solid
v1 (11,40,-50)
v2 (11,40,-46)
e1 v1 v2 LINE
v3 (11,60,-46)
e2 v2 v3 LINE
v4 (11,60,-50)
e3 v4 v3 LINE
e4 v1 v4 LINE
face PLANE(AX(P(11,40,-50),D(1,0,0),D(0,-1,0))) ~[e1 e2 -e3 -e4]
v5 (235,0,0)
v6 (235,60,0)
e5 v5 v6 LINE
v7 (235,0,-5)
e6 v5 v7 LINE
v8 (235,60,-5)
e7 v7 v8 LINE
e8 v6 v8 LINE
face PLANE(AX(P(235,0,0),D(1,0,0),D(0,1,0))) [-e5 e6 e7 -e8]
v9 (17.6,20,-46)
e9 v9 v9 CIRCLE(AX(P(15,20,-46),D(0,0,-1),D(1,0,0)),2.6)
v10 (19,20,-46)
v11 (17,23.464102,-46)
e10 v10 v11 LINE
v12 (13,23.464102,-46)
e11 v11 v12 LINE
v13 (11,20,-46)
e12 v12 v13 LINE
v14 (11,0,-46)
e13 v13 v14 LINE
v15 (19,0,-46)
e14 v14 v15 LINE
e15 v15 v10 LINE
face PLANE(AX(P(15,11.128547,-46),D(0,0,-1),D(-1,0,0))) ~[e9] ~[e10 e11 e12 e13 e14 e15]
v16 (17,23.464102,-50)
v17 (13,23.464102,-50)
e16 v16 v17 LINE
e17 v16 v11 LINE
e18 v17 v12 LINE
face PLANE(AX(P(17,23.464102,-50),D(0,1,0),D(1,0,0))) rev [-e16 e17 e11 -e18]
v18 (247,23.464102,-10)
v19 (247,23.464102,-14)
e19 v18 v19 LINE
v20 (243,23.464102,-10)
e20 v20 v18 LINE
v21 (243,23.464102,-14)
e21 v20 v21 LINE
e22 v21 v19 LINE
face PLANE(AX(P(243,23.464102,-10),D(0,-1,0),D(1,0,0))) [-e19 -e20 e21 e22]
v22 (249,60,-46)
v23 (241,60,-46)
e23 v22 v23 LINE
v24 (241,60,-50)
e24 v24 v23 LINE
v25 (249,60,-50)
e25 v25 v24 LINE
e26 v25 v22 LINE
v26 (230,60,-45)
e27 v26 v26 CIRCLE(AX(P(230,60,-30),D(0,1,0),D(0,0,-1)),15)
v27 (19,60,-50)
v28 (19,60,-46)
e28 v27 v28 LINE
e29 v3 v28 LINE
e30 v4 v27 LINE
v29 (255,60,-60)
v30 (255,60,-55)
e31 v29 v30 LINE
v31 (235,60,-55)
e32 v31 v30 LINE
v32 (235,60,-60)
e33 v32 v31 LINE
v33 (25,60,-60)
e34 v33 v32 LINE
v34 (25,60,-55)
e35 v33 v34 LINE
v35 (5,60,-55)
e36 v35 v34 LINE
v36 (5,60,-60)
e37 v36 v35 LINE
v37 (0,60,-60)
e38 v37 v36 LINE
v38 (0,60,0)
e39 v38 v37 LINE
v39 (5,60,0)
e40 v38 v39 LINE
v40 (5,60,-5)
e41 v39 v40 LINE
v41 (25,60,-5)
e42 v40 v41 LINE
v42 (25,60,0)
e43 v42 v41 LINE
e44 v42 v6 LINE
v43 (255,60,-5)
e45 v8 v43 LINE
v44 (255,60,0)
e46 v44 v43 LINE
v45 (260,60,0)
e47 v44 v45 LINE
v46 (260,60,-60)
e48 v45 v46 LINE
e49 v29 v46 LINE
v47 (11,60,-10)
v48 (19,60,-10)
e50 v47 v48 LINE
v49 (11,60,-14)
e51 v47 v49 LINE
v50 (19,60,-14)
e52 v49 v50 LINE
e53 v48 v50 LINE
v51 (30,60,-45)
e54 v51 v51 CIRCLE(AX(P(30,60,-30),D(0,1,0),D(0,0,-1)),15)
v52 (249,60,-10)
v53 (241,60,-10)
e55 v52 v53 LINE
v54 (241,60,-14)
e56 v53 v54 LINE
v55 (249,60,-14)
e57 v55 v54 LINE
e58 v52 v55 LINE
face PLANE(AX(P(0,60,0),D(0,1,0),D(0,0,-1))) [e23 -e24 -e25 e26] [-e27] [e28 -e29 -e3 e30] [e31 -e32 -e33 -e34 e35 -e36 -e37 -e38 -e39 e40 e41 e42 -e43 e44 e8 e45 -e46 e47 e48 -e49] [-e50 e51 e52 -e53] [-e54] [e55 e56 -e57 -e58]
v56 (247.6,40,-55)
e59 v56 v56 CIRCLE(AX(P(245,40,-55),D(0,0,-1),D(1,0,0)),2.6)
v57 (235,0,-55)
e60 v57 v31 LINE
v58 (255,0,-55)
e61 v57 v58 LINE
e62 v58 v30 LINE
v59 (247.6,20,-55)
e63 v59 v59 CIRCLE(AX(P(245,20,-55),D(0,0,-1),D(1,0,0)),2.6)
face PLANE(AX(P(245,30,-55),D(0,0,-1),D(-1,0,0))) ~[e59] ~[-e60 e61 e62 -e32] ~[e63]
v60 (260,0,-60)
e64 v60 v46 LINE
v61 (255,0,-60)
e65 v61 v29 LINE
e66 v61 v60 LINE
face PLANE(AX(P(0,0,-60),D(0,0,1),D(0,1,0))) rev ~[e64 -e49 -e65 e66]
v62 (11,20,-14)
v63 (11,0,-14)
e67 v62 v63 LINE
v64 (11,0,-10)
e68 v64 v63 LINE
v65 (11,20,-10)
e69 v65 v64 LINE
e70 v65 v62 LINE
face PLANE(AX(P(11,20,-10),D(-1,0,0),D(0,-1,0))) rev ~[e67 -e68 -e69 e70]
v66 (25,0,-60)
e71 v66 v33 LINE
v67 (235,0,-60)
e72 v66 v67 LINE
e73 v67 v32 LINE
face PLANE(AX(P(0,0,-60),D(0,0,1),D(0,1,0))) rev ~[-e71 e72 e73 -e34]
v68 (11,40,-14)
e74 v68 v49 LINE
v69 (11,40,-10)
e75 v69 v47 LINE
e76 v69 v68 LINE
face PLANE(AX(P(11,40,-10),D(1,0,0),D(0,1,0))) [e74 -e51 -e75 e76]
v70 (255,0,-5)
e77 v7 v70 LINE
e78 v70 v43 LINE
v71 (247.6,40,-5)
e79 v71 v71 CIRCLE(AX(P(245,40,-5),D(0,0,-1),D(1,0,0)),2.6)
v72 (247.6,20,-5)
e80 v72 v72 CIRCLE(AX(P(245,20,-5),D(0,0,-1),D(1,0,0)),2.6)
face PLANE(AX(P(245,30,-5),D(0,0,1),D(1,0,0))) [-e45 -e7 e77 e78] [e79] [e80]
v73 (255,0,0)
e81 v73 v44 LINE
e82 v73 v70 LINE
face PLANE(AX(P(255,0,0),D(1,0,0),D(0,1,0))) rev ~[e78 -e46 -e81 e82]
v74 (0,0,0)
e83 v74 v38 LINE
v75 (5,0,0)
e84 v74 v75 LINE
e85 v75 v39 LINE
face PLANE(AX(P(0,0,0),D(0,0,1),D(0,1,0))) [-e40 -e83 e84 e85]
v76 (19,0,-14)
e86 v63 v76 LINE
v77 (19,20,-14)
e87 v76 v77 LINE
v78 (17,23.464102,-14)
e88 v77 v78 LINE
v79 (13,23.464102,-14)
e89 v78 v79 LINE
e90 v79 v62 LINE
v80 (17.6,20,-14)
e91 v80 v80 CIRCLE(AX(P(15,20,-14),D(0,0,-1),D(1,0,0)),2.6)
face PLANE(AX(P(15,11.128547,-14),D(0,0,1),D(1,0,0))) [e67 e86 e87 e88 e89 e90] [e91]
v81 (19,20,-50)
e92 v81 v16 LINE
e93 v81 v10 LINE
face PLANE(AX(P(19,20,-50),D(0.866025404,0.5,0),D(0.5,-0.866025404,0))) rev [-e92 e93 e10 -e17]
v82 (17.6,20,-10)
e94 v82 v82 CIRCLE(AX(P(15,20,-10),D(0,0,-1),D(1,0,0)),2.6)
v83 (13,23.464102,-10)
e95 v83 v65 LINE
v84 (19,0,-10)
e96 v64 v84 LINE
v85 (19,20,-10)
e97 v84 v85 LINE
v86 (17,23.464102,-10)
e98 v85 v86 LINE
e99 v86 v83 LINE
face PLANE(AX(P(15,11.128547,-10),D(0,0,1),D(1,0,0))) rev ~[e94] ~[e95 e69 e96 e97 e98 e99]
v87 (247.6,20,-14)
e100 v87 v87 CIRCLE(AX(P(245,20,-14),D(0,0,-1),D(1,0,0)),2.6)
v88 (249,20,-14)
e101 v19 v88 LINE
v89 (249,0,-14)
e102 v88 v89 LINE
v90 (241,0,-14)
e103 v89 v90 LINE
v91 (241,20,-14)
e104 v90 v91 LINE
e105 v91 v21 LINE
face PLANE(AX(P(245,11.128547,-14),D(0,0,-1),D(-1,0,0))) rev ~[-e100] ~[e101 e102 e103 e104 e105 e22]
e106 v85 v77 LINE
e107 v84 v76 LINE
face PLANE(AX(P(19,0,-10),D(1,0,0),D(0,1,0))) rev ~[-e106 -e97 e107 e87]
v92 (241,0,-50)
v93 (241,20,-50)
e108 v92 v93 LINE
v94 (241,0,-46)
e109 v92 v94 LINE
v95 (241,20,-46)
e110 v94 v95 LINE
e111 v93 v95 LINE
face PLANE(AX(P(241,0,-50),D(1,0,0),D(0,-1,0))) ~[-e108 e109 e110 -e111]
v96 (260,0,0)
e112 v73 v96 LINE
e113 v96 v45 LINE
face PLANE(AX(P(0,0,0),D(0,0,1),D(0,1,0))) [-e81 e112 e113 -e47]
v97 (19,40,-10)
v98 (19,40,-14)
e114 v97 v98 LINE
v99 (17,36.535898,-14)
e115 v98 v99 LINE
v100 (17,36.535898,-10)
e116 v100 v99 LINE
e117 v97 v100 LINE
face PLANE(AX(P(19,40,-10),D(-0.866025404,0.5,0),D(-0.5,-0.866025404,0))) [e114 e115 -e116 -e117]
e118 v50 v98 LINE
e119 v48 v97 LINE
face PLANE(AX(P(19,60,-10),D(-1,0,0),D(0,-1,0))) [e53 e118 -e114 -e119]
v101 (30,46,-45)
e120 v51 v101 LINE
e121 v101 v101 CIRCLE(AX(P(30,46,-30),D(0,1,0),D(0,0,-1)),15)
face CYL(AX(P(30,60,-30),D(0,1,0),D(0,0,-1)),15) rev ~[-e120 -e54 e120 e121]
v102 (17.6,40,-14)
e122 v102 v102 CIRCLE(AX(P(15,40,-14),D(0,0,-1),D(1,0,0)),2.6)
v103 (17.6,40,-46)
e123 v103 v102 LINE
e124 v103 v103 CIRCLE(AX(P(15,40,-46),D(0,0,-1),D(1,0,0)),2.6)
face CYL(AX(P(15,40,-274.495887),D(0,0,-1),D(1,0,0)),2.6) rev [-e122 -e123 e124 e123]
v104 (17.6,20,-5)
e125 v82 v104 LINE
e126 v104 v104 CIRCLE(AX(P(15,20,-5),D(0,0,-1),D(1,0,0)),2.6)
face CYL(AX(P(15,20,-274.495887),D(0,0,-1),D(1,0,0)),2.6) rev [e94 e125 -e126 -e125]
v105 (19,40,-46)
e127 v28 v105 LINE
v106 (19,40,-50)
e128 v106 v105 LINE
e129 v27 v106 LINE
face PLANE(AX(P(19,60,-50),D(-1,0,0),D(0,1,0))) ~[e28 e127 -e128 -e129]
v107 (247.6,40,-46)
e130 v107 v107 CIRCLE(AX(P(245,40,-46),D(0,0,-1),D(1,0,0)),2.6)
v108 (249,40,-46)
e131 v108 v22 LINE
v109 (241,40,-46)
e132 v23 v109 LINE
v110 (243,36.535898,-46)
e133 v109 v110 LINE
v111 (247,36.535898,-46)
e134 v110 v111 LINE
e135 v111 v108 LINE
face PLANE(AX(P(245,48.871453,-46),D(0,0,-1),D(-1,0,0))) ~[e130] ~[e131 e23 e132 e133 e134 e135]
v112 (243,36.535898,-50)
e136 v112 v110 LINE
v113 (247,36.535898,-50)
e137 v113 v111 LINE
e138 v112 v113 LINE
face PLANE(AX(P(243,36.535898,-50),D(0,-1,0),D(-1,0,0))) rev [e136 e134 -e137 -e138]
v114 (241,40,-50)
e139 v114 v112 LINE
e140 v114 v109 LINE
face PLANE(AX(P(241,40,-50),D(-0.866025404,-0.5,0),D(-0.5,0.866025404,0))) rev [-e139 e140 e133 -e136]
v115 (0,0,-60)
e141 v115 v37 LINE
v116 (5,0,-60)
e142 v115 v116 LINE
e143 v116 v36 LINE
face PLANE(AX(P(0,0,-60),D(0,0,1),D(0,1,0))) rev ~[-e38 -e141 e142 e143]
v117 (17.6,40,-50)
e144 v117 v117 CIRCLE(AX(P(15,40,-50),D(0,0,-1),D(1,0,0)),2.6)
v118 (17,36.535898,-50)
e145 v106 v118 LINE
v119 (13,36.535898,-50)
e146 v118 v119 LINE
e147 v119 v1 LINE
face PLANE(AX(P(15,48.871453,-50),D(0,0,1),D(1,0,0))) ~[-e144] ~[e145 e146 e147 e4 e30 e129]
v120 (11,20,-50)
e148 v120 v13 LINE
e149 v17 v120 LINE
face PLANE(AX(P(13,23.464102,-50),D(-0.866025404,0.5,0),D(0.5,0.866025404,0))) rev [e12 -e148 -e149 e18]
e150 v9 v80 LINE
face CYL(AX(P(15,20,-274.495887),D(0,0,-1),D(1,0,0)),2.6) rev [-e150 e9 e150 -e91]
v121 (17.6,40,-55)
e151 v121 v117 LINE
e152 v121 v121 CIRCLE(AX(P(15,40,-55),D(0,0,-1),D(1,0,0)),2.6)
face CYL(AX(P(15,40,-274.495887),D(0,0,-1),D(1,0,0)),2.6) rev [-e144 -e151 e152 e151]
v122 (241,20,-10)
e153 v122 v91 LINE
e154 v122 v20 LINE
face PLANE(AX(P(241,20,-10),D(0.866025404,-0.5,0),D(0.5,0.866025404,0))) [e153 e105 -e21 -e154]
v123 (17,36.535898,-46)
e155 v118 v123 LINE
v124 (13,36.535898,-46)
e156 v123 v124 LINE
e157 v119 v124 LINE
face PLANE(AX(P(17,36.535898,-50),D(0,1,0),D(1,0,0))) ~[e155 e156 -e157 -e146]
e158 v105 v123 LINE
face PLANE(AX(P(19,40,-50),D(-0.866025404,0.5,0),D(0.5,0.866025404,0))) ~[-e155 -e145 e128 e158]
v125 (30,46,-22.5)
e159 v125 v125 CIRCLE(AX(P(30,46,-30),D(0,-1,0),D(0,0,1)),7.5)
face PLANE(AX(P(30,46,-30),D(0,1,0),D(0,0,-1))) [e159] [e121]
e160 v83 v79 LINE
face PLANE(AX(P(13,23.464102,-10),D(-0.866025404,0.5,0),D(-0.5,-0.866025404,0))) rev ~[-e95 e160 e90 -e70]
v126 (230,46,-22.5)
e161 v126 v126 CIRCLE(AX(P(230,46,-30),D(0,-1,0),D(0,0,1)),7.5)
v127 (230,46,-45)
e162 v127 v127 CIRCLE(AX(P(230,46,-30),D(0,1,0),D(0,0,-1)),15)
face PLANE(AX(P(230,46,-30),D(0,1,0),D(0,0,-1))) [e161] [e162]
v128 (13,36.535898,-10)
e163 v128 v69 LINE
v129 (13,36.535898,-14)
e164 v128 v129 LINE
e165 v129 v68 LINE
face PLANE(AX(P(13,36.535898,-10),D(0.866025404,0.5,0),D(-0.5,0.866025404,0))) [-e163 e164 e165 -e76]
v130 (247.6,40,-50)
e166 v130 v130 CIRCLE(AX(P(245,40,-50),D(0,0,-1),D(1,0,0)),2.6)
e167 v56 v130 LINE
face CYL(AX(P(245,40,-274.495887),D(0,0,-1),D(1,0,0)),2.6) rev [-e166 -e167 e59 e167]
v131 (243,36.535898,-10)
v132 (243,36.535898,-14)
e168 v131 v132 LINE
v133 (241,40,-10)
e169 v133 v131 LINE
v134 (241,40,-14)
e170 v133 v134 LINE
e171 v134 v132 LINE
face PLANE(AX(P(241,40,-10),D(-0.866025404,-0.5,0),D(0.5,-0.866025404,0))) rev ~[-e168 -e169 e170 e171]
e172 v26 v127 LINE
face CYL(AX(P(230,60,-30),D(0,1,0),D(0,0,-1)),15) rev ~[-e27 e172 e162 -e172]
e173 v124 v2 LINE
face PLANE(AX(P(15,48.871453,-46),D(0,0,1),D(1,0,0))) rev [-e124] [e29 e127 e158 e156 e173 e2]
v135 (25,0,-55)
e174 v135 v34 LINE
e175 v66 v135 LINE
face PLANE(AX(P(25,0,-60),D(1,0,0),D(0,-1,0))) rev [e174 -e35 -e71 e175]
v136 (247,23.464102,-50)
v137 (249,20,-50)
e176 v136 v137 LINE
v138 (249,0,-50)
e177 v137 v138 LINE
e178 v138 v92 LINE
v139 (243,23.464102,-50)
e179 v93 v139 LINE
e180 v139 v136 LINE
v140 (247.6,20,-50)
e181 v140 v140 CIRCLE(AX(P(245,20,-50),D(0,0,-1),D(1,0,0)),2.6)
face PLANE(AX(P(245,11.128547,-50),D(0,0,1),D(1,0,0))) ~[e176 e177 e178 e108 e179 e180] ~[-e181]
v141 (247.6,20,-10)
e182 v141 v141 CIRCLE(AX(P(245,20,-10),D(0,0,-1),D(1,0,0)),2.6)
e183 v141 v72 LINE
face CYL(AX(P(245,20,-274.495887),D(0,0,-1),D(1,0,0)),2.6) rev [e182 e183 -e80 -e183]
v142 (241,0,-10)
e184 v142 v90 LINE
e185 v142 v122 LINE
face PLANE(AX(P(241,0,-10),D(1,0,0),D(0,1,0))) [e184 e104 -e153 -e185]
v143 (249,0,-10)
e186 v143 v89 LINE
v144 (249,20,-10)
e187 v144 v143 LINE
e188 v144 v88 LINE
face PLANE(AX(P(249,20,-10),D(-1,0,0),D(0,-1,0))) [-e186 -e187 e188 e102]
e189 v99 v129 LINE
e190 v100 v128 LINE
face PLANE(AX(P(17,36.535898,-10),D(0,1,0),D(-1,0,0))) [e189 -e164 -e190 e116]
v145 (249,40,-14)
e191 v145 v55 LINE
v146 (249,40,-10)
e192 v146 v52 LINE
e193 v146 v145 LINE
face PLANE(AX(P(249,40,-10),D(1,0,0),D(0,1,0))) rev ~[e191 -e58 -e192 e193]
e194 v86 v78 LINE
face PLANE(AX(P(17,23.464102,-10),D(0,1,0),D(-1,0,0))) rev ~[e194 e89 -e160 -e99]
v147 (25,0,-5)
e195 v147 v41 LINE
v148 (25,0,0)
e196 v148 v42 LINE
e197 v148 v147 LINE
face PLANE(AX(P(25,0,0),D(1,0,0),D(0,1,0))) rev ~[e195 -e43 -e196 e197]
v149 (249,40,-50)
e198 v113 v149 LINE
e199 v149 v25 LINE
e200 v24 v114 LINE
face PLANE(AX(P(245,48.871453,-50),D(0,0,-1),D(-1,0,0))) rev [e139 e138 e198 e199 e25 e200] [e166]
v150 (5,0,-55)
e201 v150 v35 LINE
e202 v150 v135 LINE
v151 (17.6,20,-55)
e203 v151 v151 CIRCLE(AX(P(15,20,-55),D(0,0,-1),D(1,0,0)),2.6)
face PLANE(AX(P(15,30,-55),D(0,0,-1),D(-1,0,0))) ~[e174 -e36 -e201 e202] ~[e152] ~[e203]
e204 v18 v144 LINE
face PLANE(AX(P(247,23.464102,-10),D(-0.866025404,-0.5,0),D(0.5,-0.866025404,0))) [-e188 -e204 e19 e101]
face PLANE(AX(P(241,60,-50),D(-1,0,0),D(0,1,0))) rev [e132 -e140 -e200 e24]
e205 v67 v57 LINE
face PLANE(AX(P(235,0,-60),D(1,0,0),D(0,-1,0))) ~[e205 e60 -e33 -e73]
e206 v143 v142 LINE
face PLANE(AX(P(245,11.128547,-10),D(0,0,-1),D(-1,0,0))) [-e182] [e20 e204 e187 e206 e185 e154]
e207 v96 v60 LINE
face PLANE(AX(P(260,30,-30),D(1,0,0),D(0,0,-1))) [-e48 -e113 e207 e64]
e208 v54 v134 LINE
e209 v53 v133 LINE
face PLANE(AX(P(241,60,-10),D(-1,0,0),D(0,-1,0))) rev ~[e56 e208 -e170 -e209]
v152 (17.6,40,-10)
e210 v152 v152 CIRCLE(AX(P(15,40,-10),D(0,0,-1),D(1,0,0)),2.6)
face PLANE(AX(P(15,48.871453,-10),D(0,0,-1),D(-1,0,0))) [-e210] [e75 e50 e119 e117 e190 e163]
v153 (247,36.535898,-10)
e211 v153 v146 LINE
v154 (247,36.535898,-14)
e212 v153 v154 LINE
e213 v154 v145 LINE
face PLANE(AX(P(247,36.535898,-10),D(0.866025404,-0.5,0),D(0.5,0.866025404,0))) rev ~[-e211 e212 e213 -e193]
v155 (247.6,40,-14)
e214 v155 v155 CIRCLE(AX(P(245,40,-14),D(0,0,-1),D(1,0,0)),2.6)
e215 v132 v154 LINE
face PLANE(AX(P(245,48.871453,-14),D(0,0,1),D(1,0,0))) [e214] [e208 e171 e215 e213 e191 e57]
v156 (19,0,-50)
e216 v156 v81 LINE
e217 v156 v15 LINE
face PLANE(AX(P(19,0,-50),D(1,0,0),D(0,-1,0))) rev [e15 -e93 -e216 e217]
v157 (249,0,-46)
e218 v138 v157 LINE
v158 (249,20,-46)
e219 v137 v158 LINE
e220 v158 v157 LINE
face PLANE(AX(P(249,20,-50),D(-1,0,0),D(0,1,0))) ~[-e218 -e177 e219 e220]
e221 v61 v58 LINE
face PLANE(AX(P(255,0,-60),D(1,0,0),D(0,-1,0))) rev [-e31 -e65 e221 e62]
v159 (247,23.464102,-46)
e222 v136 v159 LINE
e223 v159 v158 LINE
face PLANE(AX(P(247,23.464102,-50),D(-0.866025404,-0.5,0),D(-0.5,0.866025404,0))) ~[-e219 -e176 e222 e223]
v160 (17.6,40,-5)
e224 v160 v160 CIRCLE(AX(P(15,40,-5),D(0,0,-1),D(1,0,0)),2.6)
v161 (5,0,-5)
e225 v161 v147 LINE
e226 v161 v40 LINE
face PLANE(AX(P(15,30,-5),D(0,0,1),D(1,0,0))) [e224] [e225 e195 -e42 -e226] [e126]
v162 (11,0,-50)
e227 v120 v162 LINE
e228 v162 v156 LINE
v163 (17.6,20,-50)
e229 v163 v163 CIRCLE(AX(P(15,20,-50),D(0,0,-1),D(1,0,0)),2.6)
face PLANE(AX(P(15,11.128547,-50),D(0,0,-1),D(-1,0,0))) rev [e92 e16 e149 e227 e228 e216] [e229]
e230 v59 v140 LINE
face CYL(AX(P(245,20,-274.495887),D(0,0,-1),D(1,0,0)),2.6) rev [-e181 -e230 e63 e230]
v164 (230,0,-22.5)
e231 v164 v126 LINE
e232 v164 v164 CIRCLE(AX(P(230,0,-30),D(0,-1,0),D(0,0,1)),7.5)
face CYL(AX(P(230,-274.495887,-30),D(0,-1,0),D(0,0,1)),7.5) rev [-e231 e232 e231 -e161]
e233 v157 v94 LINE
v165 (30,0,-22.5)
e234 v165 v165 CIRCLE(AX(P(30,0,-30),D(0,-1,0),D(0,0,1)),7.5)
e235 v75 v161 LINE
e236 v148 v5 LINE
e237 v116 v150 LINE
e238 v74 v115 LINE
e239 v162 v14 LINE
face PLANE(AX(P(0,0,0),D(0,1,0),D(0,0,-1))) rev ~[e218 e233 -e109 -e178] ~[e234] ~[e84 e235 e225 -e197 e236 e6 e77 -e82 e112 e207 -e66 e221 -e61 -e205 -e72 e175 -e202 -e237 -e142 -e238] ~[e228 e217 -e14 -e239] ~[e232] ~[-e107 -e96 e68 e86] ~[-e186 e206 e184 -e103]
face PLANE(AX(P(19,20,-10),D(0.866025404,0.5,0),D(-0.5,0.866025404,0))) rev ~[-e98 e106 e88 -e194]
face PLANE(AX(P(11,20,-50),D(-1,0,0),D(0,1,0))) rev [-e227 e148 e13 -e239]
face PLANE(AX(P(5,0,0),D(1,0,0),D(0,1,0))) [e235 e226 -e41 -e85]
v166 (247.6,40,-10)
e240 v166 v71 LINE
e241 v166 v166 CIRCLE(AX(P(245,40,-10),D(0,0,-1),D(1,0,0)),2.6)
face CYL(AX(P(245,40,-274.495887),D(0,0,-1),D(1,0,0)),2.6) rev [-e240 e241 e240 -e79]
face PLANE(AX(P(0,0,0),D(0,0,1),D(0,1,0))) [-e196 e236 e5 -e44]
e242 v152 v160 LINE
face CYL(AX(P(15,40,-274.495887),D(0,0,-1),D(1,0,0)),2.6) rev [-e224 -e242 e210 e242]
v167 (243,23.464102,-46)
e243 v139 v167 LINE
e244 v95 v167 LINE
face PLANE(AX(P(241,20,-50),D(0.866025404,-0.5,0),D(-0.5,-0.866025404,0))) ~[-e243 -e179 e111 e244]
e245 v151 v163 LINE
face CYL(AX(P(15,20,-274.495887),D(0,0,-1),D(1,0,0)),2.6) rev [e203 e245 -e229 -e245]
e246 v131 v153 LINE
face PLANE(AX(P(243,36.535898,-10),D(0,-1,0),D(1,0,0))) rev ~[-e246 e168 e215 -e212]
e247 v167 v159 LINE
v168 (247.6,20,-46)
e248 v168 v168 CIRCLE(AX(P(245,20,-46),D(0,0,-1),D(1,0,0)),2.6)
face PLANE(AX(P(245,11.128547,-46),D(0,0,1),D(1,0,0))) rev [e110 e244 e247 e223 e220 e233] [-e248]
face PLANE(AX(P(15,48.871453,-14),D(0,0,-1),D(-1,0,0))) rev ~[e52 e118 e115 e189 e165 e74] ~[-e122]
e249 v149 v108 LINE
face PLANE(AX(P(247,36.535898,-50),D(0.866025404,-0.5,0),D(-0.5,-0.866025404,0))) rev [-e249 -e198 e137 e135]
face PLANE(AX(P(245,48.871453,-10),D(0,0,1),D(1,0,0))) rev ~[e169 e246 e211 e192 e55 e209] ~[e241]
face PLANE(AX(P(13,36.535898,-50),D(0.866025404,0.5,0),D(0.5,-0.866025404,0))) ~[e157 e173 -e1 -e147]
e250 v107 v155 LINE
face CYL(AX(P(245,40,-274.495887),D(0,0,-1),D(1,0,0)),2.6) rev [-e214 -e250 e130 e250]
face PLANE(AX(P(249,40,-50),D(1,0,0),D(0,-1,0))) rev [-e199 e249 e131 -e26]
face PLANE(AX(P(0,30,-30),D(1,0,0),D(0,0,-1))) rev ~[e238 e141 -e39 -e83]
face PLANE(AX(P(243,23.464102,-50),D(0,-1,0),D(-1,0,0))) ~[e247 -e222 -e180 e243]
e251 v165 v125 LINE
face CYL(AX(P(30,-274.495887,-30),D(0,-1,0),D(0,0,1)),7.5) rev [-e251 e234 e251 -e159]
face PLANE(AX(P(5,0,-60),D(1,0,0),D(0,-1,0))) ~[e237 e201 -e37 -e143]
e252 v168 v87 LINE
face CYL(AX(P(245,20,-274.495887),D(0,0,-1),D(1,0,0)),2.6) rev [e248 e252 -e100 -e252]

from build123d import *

# Parameters (mm, degrees)
SKETCH1_W               = 60
SKETCH1_H               = 60
BOSS_EXTRUDE1_DEPTH     = 260
CUT_EXTRUDE1_DEPTH      = 274.495886624
CUT_EXTRUDE1_DEPTH_BACK = 274.495886624
SKETCH2_R               = 7.5
CUT_EXTRUDE2_START      = 60
SKETCH3_R               = 15
CUT_EXTRUDE2_DEPTH      = 14
SKETCH4_W               = 20
SKETCH4_H               = 60
CUT_EXTRUDE3_DEPTH      = 5
CUT_EXTRUDE4_DEPTH      = 274.495886624
CUT_EXTRUDE4_DEPTH_BACK = 274.495886624
SKETCH5_R               = 2.6
CUT_EXTRUDE5_START      = -10
CUT_EXTRUDE5_DEPTH      = 4


with BuildPart() as part:
    # Sketch1 → Boss-Extrude1 (new body)
    with BuildSketch(Plane(origin=(0, 0, 0), x_dir=(0, 0, -1), z_dir=(1, 0, 0))):
        with Locations((30, 30)):
            Rectangle(SKETCH1_W, SKETCH1_H)
    extrude(amount=BOSS_EXTRUDE1_DEPTH)

    # Sketch2 → Cut-Extrude1 (cut, two sides: drawn at the far end of the back side and taken through both)
    with BuildSketch(Plane(origin=(0, 0, 0), x_dir=(1, 0, 0), z_dir=(0, 1, 0)).offset(-CUT_EXTRUDE1_DEPTH_BACK)):
        with Locations(Location((30, 30, 0), (0, 0, 270))):
            Circle(SKETCH2_R)
        with Locations(Location((230, 30, 0), (0, 0, 270))):
            Circle(SKETCH2_R)
    extrude(amount=CUT_EXTRUDE1_DEPTH + CUT_EXTRUDE1_DEPTH_BACK, mode=Mode.SUBTRACT)

    # Sketch3 → Cut-Extrude2 (cut)
    with BuildSketch(Plane(origin=(0, 0, 0), x_dir=(1, 0, 0), z_dir=(0, 1, 0)).offset(CUT_EXTRUDE2_START)):
        with Locations(Location((30, 30, 0), (0, 0, 90))):
            Circle(SKETCH3_R)
        with Locations(Location((230, 30, 0), (0, 0, 90))):
            Circle(SKETCH3_R)
    extrude(amount=-CUT_EXTRUDE2_DEPTH, mode=Mode.SUBTRACT)

    # Sketch4 → Cut-Extrude3 (cut)
    with BuildSketch(Plane.XY):
        with Locations((15, 30)):
            Rectangle(SKETCH4_W, SKETCH4_H)
        with Locations((245, 30)):
            Rectangle(SKETCH4_W, SKETCH4_H)
    cut_extrude3 = extrude(amount=-CUT_EXTRUDE3_DEPTH, mode=Mode.SUBTRACT)

    # Sketch5 → Cut-Extrude4 (cut, two sides: drawn at the far end of the back side and taken through both)
    with BuildSketch(Plane.XY.offset(-CUT_EXTRUDE4_DEPTH_BACK)):
        with Locations((15, 20)):
            Circle(SKETCH5_R)
        with Locations((15, 40)):
            Circle(SKETCH5_R)
        with Locations((245, 40)):
            Circle(SKETCH5_R)
        with Locations((245, 20)):
            Circle(SKETCH5_R)
    extrude(amount=CUT_EXTRUDE4_DEPTH + CUT_EXTRUDE4_DEPTH_BACK, mode=Mode.SUBTRACT)

    # Mirror2: Cut-Extrude3 across plane
    add(cut_extrude3.mirror(Plane.XY.offset(-30)), mode=Mode.SUBTRACT)

    # Sketch6 → Cut-Extrude5 (cut)
    with BuildSketch(Plane.XY.offset(CUT_EXTRUDE5_START)):
        Polygon((11, 20), (11, 0), (19, 0), (19, 20), (17, 23.464101615), (13, 23.464101615), align=None)
        Polygon((19, 60), (19, 40), (17, 36.535898385), (13, 36.535898385), (11, 40), (11, 60), align=None)
        Polygon((249, 40), (249, 60), (241, 60), (241, 40), (243, 36.535898385), (247, 36.535898385), align=None)
        Polygon((241, 0), (241, 20), (243, 23.464101615), (247, 23.464101615), (249, 20), (249, 0), align=None)
    cut_extrude5 = extrude(amount=-CUT_EXTRUDE5_DEPTH, mode=Mode.SUBTRACT)

    # Mirror3: Cut-Extrude5 across plane
    add(cut_extrude5.mirror(Plane.XY.offset(-30)), mode=Mode.SUBTRACT)


solid = part.part
